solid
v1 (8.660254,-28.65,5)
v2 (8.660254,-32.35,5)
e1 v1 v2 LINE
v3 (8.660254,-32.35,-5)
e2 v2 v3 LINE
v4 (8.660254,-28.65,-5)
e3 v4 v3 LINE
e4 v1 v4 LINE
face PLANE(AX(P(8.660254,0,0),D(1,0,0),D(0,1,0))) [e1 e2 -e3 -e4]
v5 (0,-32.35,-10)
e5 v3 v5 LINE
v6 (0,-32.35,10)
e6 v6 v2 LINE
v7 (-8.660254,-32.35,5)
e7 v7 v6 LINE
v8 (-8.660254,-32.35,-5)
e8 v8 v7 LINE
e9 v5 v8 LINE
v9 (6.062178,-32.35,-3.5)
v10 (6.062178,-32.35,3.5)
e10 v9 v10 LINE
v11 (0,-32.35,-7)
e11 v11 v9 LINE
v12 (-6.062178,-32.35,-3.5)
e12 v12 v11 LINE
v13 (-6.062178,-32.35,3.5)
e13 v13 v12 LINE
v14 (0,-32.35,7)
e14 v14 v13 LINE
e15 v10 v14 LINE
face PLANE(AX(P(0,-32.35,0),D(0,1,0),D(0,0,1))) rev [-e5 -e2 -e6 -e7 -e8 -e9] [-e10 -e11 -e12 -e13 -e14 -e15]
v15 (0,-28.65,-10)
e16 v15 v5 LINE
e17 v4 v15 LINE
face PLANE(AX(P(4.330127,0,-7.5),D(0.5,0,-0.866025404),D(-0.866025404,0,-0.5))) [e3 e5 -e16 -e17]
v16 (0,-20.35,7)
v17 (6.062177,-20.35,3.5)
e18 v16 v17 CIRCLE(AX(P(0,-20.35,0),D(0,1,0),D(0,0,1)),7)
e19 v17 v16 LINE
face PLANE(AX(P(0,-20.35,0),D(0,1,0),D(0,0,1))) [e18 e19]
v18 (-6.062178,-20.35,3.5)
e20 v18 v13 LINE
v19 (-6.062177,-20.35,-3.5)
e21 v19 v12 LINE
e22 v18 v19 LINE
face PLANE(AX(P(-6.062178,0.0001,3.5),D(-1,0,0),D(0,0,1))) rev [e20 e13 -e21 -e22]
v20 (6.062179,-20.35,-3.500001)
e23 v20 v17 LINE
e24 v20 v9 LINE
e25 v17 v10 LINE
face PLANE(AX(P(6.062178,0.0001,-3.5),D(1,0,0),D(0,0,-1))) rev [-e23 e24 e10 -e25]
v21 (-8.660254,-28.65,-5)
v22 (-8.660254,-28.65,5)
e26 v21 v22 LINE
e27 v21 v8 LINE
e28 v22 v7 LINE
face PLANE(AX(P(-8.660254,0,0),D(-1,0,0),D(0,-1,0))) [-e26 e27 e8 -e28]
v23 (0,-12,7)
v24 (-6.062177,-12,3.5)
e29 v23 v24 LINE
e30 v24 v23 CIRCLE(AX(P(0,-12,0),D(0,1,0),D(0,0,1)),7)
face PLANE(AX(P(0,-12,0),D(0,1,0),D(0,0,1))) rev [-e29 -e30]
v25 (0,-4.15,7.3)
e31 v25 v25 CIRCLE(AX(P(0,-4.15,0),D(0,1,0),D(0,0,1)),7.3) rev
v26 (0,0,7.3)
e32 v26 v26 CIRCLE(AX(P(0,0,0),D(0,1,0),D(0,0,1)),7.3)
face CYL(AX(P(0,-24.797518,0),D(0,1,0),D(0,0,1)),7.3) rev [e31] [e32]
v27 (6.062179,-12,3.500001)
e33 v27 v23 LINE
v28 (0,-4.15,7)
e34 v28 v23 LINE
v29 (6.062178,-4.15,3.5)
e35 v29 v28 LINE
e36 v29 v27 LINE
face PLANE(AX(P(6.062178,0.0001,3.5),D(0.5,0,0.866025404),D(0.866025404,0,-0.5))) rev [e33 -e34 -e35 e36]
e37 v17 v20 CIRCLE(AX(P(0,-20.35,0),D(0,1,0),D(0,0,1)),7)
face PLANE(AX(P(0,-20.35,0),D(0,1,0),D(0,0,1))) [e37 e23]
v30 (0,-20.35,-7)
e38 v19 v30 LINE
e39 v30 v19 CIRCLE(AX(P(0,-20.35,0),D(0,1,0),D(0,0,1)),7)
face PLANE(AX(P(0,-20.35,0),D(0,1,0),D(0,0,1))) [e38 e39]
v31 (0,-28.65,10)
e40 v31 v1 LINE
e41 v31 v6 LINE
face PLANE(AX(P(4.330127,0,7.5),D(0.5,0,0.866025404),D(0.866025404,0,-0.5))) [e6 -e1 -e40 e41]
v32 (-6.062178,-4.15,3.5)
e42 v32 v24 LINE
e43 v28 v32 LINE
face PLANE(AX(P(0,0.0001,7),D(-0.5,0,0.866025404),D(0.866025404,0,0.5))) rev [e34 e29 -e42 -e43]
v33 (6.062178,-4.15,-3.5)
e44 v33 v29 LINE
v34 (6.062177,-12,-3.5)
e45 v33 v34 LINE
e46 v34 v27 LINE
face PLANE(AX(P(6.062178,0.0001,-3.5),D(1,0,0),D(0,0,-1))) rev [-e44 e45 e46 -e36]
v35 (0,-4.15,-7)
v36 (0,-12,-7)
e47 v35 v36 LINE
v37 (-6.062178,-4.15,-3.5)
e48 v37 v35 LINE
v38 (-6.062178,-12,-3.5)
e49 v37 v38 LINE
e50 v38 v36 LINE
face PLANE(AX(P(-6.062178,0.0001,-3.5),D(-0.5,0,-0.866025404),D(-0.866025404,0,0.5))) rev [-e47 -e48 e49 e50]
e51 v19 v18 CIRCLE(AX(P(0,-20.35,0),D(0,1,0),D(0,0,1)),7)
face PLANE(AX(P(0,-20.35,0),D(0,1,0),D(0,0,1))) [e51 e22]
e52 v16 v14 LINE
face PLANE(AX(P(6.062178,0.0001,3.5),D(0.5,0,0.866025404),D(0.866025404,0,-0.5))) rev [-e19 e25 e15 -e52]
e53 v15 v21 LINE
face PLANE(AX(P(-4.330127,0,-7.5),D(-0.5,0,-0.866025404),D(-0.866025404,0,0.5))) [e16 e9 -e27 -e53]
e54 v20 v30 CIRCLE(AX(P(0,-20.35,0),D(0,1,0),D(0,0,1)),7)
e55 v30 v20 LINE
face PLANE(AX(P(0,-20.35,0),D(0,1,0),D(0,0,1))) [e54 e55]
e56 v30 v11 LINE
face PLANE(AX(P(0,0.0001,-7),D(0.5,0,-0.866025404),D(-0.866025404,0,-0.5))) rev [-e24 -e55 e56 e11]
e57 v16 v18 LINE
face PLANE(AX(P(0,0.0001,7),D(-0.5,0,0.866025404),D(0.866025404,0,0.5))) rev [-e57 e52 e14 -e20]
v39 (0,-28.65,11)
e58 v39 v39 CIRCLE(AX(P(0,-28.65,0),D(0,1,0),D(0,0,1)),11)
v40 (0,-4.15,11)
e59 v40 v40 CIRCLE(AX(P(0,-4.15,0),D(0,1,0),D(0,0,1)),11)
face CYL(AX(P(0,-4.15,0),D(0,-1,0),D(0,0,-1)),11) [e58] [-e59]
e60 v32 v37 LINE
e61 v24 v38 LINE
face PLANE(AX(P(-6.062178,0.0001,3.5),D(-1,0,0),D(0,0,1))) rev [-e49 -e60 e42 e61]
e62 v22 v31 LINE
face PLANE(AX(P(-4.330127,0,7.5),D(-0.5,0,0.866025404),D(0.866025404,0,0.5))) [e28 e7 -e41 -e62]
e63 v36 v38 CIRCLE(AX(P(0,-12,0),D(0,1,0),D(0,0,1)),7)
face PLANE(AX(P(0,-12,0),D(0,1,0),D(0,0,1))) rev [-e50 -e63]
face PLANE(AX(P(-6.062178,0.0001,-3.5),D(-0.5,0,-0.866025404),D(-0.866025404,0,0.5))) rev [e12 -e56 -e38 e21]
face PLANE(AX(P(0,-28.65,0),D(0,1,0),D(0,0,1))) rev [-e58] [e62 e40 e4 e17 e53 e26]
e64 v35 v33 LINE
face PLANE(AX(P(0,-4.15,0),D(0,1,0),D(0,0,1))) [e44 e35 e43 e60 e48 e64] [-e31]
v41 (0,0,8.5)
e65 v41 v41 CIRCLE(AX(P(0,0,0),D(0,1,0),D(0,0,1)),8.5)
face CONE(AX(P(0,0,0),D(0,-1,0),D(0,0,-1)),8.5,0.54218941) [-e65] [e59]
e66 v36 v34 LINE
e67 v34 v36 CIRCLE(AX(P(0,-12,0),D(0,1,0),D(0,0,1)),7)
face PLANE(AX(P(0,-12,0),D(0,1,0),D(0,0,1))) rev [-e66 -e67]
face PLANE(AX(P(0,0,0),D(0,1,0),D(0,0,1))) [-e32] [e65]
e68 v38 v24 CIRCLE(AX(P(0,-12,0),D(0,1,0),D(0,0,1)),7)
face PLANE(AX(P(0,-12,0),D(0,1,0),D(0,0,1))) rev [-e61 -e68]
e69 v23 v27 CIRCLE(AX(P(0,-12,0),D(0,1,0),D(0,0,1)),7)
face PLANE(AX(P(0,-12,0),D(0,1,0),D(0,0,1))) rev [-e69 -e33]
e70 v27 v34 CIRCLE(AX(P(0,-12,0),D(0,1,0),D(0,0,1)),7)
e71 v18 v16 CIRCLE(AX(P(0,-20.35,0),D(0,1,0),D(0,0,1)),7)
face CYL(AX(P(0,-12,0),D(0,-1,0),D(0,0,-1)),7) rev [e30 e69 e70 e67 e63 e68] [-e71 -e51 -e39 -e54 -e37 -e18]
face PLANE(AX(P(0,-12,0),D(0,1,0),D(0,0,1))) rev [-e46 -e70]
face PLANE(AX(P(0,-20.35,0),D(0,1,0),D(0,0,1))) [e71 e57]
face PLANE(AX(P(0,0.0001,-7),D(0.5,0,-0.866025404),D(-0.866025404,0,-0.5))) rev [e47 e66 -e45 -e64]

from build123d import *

# Parameters (mm, degrees)
SKETCH_1_R          = 8.5
SKETCH_2_R          = 11
SKETCH_4_R          = 11
CUT_EXTRUDE_1_DEPTH = 36.89599575
SKETCH_10_R         = 7
SKETCH_9_R          = 7
CUT_EXTRUDE_START   = -4.15
SKETCH_12_R         = 7.3
CUT_EXTRUDE_4_DEPTH = 4.15


with BuildPart() as part:
    # Эскиз1 → Loft 1 section 0
    with BuildSketch(Plane(origin=(0, 0, 0), x_dir=(1, 0, 0), z_dir=(0, 1, 0))):
        Circle(SKETCH_1_R)
    # Эскиз2 → Loft 1 section 1
    with BuildSketch(Plane(origin=(0, -4.15, 0), x_dir=(1, 0, 0), z_dir=(0, 1, 0))):
        Circle(SKETCH_2_R)
    loft()

    # Эскиз4 → section 1 of loft_2
    with BuildSketch(Plane(origin=(0, -28.65, 0), x_dir=(1, 0, 0), z_dir=(0, 1, 0)), mode=Mode.PRIVATE) as loft_2_s1:
        Circle(SKETCH_4_R)
    # loft up to a face of the part (loft_2)
    loft([Face(Wire([part.edges().sort_by_distance((-7.530018165, -4.15, 8.018654902))[0]])), loft_2_s1.sketch])

    # Эскиз5 → По сечениям3 section 0
    with BuildSketch(Plane(origin=(0, -28.65, 0), x_dir=(1, 0, 0), z_dir=(0, 1, 0))):
        with BuildLine():
            Line((0, 10), (-8.660254038, 5))
            Line((-8.660254038, 5), (-8.660254038, -5))
            Line((-8.660254038, -5), (0, -10))
            Line((0, -10), (8.660254038, -5))
            Line((8.660254038, -5), (8.660254038, 5))
            Line((8.660254038, 5), (0, 10))
        make_face()
    # Эскиз7 → По сечениям3 section 1
    with BuildSketch(Plane(origin=(0, -32.35, 0), x_dir=(1, 0, 0), z_dir=(0, 1, 0))):
        with BuildLine():
            Line((0, 10), (-8.660254038, 5))
            Line((-8.660254038, 5), (-8.660254038, -5))
            Line((-8.660254038, -5), (0, -10))
            Line((0, -10), (8.660254038, -5))
            Line((8.660254038, -5), (8.660254038, 5))
            Line((8.660254038, 5), (0, 10))
        make_face()
    loft()

    # Эскиз8 → Вырез-Вытянуть1 (cut, through all)
    with BuildSketch(Plane.XZ.offset(32.35)):
        Polygon((-6.062177826, 3.5), (-6.062177826, -3.5), (0, -7), (6.062177826, -3.5), (6.062177826, 3.5), (0, 7), align=None)
    extrude(amount=-CUT_EXTRUDE_1_DEPTH, mode=Mode.SUBTRACT)

    # Эскиз10 → Loft 1 2 section 0
    with BuildSketch(Plane(origin=(0, -12, 0), x_dir=(1, 0, 0), z_dir=(0, 1, 0))):
        Circle(SKETCH_10_R)
    # Эскиз9 → Loft 1 2 section 1
    with BuildSketch(Plane(origin=(0, -20.35, 0), x_dir=(1, 0, 0), z_dir=(0, 1, 0))):
        Circle(SKETCH_9_R)
    loft(mode=Mode.SUBTRACT)

    # Эскиз12 → Вырез-Вытянуть4 (cut)
    with BuildSketch(Plane(origin=(0, 0, 0), x_dir=(1, 0, 0), z_dir=(0, 1, 0)).offset(CUT_EXTRUDE_START)):
        with Locations(Location((0, 0, 0), (0, 0, 270))):
            Circle(SKETCH_12_R)
    extrude(amount=CUT_EXTRUDE_4_DEPTH, mode=Mode.SUBTRACT)


solid = part.part
